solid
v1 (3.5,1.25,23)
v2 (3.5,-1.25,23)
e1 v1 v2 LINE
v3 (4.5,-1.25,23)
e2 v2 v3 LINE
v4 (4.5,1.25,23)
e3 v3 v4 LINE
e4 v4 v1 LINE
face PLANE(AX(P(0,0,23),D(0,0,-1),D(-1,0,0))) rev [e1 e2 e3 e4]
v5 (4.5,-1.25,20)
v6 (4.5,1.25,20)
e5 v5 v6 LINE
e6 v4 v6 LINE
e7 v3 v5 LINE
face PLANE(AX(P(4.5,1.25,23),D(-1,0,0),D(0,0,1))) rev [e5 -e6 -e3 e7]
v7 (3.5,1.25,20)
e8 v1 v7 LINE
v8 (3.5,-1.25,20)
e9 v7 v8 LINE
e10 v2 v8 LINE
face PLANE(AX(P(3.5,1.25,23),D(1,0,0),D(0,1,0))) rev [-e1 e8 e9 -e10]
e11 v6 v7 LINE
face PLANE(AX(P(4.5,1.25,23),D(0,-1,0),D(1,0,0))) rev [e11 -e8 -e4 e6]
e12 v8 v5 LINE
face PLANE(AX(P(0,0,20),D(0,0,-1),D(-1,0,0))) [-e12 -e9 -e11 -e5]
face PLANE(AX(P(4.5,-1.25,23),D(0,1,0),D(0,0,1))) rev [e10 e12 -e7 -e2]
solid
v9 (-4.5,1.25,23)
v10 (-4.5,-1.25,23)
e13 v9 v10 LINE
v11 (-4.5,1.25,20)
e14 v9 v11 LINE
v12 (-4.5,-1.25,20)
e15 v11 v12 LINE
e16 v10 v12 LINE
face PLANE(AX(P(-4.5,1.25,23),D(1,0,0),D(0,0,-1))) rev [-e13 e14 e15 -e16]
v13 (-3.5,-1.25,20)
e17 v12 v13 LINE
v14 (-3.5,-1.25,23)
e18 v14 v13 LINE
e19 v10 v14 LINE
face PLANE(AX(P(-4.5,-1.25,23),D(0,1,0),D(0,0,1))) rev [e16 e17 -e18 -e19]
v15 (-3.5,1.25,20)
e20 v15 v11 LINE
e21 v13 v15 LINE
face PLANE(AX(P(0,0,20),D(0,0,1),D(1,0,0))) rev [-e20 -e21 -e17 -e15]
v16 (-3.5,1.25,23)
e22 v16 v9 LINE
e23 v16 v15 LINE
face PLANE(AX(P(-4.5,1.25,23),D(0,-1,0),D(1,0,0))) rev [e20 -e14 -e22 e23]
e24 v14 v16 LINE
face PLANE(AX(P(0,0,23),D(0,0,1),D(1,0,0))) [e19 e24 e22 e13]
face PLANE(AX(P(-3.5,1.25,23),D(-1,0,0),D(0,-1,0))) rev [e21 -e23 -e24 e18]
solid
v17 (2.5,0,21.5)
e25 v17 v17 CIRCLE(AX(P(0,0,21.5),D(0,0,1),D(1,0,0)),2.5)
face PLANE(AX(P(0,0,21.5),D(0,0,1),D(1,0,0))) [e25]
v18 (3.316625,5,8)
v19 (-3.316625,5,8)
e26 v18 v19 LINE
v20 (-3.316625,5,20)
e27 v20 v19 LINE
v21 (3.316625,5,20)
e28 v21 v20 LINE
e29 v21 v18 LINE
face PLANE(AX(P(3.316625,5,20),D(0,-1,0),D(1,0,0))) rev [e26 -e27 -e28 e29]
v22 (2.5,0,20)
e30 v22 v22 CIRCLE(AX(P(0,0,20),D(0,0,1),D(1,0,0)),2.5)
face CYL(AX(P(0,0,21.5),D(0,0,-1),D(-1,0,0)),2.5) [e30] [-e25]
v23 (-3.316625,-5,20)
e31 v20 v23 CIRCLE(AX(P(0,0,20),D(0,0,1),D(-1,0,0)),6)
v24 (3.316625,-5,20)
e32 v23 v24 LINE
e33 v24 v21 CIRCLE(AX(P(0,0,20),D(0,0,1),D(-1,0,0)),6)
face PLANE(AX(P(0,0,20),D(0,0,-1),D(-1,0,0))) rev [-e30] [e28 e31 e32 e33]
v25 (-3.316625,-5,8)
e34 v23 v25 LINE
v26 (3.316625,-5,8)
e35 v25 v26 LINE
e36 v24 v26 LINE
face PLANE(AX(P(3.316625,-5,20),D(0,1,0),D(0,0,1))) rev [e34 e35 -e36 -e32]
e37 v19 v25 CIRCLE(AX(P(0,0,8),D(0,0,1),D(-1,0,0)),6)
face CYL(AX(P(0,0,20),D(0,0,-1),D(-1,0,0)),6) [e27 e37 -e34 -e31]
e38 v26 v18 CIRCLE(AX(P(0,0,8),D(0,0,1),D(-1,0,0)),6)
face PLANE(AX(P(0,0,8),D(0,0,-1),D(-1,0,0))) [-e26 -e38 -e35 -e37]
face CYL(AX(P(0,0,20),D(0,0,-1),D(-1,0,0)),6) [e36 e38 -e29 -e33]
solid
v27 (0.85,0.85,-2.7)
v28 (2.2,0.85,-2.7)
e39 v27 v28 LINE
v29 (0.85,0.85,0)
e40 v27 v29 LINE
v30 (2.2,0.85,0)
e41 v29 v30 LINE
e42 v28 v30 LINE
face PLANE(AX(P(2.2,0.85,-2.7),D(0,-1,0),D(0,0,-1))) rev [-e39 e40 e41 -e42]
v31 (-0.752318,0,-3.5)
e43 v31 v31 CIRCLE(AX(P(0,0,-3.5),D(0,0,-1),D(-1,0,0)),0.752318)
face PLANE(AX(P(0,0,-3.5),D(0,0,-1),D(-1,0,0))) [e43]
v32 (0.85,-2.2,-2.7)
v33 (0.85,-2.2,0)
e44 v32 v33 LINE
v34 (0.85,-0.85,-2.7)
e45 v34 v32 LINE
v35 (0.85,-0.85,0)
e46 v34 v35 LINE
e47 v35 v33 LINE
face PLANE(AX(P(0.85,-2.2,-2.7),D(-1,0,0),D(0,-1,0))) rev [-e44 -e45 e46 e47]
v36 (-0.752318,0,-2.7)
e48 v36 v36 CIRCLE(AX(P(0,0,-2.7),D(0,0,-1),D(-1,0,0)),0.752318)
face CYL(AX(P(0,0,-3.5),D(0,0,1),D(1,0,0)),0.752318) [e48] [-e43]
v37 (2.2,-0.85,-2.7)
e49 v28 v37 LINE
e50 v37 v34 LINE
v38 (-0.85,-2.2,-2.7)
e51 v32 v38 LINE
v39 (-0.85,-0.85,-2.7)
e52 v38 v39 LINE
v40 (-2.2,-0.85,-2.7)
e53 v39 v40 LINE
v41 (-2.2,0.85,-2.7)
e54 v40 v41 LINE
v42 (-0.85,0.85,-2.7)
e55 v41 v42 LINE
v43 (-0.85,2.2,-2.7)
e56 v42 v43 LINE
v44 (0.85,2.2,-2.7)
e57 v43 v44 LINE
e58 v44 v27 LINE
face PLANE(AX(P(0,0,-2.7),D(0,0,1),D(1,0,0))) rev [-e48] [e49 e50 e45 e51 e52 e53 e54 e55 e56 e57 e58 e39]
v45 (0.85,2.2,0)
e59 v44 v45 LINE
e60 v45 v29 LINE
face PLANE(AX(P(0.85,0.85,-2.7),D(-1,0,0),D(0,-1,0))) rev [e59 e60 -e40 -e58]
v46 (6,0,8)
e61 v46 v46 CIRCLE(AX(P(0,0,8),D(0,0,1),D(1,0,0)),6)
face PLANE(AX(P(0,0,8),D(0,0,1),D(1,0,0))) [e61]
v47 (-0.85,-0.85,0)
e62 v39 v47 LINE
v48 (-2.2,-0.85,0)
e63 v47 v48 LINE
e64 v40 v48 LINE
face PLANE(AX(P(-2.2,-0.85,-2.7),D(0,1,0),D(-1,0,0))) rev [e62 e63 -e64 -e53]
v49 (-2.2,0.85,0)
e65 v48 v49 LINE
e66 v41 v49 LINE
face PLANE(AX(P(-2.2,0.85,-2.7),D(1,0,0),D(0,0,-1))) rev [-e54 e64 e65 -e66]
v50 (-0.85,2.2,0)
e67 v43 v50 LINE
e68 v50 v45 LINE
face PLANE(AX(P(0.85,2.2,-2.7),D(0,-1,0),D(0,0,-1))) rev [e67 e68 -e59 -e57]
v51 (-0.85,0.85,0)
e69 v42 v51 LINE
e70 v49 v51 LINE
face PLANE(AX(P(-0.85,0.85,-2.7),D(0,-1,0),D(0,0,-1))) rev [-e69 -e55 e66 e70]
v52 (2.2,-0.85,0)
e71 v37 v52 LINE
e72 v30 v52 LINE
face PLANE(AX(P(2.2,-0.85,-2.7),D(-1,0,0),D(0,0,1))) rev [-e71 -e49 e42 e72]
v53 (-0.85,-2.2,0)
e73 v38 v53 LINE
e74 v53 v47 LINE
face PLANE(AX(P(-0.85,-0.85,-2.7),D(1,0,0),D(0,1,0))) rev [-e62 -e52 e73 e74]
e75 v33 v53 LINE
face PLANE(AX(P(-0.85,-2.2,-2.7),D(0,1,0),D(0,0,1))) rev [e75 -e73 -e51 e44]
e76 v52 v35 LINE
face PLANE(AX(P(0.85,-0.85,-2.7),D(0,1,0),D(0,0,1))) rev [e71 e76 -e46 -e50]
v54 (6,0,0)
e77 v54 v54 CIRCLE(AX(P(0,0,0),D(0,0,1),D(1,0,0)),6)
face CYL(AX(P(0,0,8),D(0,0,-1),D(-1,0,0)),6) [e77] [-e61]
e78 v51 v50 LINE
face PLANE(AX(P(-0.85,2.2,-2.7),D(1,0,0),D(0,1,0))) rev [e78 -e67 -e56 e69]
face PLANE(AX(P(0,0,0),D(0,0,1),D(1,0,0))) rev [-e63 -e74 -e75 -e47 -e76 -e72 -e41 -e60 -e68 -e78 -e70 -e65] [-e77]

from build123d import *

# Parameters (mm, degrees)
CROQUIS1_R                = 6
SALIENTE_EXTRUIR1_DEPTH   = 8
SALIENTE_EXTRUIR2_DEPTH   = 12
SALIENTE_EXTRUIR3_DEPTH   = 2.7
CROQUIS4_R                = 0.752318365
SALIENTE_EXTRUIR4_DEPTH   = 0.8
CROQUIS5_R                = 2.5
SALIENTE_EXTRUIR5_DEPTH   = 1.5
CROQUIS6_W                = 1
CROQUIS6_H                = 2.5
SALIENTE_EXTRUIR6_DEPTH   = 3
SALIENTE_EXTRUIR6_2_DEPTH = 3


with BuildPart() as part:
    # Croquis1 → Saliente-Extruir1 (new body)
    with BuildSketch(Plane.XY):
        Circle(CROQUIS1_R)
    extrude(amount=SALIENTE_EXTRUIR1_DEPTH)

    # Croquis3 → Saliente-Extruir3 (add)
    with BuildSketch(Plane(origin=(0, 0, 0), x_dir=(-1, 0, 0), z_dir=(0, 0, -1))):
        Polygon((-2.2, 0.85), (-0.85, 0.85), (-0.85, 2.2), (0.85, 2.2), (0.85, 0.85), (2.2, 0.85), (2.2, -0.85), (0.85, -0.85), (0.85, -2.2), (-0.85, -2.2), (-0.85, -0.85), (-2.2, -0.85), align=None)
    extrude(amount=SALIENTE_EXTRUIR3_DEPTH)

    # Croquis4 → Saliente-Extruir4 (add)
    with BuildSketch(Plane(origin=(0, 0, -2.7), x_dir=(-1, 0, 0), z_dir=(0, 0, -1))):
        Circle(CROQUIS4_R)
    extrude(amount=SALIENTE_EXTRUIR4_DEPTH)


with BuildPart() as body_2:
    # Croquis2 → Saliente-Extruir2 (new body)
    with BuildSketch(Plane.XY.offset(8)):
        with BuildLine():
            Line((3.31662479, 5), (-3.31662479, 5))
            ThreePointArc((-3.31662479, 5), (-6, 0), (-3.31662479, -5))
            Line((-3.31662479, -5), (3.31662479, -5))
            ThreePointArc((3.31662479, -5), (6, 0), (3.31662479, 5))
        make_face()
    extrude(amount=SALIENTE_EXTRUIR2_DEPTH)

    # Croquis5 → Saliente-Extruir5 (add)
    with BuildSketch(Plane.XY.offset(20)):
        Circle(CROQUIS5_R)
    extrude(amount=SALIENTE_EXTRUIR5_DEPTH)


with BuildPart() as body_3:
    # Croquis6 → Saliente-Extruir6 (new body)
    with BuildSketch(Plane.XY.offset(20)):
        with Locations((-4, 0)):
            Rectangle(CROQUIS6_W, CROQUIS6_H)
    extrude(amount=SALIENTE_EXTRUIR6_DEPTH)


with BuildPart() as body_4:
    # Croquis6 → Saliente-Extruir6 2 (new body)
    with BuildSketch(Plane.XY.offset(20)):
        with Locations((4, 0)):
            Rectangle(CROQUIS6_W, CROQUIS6_H)
    extrude(amount=SALIENTE_EXTRUIR6_2_DEPTH)


solid = Compound([part.part, body_2.part, body_3.part, body_4.part])
